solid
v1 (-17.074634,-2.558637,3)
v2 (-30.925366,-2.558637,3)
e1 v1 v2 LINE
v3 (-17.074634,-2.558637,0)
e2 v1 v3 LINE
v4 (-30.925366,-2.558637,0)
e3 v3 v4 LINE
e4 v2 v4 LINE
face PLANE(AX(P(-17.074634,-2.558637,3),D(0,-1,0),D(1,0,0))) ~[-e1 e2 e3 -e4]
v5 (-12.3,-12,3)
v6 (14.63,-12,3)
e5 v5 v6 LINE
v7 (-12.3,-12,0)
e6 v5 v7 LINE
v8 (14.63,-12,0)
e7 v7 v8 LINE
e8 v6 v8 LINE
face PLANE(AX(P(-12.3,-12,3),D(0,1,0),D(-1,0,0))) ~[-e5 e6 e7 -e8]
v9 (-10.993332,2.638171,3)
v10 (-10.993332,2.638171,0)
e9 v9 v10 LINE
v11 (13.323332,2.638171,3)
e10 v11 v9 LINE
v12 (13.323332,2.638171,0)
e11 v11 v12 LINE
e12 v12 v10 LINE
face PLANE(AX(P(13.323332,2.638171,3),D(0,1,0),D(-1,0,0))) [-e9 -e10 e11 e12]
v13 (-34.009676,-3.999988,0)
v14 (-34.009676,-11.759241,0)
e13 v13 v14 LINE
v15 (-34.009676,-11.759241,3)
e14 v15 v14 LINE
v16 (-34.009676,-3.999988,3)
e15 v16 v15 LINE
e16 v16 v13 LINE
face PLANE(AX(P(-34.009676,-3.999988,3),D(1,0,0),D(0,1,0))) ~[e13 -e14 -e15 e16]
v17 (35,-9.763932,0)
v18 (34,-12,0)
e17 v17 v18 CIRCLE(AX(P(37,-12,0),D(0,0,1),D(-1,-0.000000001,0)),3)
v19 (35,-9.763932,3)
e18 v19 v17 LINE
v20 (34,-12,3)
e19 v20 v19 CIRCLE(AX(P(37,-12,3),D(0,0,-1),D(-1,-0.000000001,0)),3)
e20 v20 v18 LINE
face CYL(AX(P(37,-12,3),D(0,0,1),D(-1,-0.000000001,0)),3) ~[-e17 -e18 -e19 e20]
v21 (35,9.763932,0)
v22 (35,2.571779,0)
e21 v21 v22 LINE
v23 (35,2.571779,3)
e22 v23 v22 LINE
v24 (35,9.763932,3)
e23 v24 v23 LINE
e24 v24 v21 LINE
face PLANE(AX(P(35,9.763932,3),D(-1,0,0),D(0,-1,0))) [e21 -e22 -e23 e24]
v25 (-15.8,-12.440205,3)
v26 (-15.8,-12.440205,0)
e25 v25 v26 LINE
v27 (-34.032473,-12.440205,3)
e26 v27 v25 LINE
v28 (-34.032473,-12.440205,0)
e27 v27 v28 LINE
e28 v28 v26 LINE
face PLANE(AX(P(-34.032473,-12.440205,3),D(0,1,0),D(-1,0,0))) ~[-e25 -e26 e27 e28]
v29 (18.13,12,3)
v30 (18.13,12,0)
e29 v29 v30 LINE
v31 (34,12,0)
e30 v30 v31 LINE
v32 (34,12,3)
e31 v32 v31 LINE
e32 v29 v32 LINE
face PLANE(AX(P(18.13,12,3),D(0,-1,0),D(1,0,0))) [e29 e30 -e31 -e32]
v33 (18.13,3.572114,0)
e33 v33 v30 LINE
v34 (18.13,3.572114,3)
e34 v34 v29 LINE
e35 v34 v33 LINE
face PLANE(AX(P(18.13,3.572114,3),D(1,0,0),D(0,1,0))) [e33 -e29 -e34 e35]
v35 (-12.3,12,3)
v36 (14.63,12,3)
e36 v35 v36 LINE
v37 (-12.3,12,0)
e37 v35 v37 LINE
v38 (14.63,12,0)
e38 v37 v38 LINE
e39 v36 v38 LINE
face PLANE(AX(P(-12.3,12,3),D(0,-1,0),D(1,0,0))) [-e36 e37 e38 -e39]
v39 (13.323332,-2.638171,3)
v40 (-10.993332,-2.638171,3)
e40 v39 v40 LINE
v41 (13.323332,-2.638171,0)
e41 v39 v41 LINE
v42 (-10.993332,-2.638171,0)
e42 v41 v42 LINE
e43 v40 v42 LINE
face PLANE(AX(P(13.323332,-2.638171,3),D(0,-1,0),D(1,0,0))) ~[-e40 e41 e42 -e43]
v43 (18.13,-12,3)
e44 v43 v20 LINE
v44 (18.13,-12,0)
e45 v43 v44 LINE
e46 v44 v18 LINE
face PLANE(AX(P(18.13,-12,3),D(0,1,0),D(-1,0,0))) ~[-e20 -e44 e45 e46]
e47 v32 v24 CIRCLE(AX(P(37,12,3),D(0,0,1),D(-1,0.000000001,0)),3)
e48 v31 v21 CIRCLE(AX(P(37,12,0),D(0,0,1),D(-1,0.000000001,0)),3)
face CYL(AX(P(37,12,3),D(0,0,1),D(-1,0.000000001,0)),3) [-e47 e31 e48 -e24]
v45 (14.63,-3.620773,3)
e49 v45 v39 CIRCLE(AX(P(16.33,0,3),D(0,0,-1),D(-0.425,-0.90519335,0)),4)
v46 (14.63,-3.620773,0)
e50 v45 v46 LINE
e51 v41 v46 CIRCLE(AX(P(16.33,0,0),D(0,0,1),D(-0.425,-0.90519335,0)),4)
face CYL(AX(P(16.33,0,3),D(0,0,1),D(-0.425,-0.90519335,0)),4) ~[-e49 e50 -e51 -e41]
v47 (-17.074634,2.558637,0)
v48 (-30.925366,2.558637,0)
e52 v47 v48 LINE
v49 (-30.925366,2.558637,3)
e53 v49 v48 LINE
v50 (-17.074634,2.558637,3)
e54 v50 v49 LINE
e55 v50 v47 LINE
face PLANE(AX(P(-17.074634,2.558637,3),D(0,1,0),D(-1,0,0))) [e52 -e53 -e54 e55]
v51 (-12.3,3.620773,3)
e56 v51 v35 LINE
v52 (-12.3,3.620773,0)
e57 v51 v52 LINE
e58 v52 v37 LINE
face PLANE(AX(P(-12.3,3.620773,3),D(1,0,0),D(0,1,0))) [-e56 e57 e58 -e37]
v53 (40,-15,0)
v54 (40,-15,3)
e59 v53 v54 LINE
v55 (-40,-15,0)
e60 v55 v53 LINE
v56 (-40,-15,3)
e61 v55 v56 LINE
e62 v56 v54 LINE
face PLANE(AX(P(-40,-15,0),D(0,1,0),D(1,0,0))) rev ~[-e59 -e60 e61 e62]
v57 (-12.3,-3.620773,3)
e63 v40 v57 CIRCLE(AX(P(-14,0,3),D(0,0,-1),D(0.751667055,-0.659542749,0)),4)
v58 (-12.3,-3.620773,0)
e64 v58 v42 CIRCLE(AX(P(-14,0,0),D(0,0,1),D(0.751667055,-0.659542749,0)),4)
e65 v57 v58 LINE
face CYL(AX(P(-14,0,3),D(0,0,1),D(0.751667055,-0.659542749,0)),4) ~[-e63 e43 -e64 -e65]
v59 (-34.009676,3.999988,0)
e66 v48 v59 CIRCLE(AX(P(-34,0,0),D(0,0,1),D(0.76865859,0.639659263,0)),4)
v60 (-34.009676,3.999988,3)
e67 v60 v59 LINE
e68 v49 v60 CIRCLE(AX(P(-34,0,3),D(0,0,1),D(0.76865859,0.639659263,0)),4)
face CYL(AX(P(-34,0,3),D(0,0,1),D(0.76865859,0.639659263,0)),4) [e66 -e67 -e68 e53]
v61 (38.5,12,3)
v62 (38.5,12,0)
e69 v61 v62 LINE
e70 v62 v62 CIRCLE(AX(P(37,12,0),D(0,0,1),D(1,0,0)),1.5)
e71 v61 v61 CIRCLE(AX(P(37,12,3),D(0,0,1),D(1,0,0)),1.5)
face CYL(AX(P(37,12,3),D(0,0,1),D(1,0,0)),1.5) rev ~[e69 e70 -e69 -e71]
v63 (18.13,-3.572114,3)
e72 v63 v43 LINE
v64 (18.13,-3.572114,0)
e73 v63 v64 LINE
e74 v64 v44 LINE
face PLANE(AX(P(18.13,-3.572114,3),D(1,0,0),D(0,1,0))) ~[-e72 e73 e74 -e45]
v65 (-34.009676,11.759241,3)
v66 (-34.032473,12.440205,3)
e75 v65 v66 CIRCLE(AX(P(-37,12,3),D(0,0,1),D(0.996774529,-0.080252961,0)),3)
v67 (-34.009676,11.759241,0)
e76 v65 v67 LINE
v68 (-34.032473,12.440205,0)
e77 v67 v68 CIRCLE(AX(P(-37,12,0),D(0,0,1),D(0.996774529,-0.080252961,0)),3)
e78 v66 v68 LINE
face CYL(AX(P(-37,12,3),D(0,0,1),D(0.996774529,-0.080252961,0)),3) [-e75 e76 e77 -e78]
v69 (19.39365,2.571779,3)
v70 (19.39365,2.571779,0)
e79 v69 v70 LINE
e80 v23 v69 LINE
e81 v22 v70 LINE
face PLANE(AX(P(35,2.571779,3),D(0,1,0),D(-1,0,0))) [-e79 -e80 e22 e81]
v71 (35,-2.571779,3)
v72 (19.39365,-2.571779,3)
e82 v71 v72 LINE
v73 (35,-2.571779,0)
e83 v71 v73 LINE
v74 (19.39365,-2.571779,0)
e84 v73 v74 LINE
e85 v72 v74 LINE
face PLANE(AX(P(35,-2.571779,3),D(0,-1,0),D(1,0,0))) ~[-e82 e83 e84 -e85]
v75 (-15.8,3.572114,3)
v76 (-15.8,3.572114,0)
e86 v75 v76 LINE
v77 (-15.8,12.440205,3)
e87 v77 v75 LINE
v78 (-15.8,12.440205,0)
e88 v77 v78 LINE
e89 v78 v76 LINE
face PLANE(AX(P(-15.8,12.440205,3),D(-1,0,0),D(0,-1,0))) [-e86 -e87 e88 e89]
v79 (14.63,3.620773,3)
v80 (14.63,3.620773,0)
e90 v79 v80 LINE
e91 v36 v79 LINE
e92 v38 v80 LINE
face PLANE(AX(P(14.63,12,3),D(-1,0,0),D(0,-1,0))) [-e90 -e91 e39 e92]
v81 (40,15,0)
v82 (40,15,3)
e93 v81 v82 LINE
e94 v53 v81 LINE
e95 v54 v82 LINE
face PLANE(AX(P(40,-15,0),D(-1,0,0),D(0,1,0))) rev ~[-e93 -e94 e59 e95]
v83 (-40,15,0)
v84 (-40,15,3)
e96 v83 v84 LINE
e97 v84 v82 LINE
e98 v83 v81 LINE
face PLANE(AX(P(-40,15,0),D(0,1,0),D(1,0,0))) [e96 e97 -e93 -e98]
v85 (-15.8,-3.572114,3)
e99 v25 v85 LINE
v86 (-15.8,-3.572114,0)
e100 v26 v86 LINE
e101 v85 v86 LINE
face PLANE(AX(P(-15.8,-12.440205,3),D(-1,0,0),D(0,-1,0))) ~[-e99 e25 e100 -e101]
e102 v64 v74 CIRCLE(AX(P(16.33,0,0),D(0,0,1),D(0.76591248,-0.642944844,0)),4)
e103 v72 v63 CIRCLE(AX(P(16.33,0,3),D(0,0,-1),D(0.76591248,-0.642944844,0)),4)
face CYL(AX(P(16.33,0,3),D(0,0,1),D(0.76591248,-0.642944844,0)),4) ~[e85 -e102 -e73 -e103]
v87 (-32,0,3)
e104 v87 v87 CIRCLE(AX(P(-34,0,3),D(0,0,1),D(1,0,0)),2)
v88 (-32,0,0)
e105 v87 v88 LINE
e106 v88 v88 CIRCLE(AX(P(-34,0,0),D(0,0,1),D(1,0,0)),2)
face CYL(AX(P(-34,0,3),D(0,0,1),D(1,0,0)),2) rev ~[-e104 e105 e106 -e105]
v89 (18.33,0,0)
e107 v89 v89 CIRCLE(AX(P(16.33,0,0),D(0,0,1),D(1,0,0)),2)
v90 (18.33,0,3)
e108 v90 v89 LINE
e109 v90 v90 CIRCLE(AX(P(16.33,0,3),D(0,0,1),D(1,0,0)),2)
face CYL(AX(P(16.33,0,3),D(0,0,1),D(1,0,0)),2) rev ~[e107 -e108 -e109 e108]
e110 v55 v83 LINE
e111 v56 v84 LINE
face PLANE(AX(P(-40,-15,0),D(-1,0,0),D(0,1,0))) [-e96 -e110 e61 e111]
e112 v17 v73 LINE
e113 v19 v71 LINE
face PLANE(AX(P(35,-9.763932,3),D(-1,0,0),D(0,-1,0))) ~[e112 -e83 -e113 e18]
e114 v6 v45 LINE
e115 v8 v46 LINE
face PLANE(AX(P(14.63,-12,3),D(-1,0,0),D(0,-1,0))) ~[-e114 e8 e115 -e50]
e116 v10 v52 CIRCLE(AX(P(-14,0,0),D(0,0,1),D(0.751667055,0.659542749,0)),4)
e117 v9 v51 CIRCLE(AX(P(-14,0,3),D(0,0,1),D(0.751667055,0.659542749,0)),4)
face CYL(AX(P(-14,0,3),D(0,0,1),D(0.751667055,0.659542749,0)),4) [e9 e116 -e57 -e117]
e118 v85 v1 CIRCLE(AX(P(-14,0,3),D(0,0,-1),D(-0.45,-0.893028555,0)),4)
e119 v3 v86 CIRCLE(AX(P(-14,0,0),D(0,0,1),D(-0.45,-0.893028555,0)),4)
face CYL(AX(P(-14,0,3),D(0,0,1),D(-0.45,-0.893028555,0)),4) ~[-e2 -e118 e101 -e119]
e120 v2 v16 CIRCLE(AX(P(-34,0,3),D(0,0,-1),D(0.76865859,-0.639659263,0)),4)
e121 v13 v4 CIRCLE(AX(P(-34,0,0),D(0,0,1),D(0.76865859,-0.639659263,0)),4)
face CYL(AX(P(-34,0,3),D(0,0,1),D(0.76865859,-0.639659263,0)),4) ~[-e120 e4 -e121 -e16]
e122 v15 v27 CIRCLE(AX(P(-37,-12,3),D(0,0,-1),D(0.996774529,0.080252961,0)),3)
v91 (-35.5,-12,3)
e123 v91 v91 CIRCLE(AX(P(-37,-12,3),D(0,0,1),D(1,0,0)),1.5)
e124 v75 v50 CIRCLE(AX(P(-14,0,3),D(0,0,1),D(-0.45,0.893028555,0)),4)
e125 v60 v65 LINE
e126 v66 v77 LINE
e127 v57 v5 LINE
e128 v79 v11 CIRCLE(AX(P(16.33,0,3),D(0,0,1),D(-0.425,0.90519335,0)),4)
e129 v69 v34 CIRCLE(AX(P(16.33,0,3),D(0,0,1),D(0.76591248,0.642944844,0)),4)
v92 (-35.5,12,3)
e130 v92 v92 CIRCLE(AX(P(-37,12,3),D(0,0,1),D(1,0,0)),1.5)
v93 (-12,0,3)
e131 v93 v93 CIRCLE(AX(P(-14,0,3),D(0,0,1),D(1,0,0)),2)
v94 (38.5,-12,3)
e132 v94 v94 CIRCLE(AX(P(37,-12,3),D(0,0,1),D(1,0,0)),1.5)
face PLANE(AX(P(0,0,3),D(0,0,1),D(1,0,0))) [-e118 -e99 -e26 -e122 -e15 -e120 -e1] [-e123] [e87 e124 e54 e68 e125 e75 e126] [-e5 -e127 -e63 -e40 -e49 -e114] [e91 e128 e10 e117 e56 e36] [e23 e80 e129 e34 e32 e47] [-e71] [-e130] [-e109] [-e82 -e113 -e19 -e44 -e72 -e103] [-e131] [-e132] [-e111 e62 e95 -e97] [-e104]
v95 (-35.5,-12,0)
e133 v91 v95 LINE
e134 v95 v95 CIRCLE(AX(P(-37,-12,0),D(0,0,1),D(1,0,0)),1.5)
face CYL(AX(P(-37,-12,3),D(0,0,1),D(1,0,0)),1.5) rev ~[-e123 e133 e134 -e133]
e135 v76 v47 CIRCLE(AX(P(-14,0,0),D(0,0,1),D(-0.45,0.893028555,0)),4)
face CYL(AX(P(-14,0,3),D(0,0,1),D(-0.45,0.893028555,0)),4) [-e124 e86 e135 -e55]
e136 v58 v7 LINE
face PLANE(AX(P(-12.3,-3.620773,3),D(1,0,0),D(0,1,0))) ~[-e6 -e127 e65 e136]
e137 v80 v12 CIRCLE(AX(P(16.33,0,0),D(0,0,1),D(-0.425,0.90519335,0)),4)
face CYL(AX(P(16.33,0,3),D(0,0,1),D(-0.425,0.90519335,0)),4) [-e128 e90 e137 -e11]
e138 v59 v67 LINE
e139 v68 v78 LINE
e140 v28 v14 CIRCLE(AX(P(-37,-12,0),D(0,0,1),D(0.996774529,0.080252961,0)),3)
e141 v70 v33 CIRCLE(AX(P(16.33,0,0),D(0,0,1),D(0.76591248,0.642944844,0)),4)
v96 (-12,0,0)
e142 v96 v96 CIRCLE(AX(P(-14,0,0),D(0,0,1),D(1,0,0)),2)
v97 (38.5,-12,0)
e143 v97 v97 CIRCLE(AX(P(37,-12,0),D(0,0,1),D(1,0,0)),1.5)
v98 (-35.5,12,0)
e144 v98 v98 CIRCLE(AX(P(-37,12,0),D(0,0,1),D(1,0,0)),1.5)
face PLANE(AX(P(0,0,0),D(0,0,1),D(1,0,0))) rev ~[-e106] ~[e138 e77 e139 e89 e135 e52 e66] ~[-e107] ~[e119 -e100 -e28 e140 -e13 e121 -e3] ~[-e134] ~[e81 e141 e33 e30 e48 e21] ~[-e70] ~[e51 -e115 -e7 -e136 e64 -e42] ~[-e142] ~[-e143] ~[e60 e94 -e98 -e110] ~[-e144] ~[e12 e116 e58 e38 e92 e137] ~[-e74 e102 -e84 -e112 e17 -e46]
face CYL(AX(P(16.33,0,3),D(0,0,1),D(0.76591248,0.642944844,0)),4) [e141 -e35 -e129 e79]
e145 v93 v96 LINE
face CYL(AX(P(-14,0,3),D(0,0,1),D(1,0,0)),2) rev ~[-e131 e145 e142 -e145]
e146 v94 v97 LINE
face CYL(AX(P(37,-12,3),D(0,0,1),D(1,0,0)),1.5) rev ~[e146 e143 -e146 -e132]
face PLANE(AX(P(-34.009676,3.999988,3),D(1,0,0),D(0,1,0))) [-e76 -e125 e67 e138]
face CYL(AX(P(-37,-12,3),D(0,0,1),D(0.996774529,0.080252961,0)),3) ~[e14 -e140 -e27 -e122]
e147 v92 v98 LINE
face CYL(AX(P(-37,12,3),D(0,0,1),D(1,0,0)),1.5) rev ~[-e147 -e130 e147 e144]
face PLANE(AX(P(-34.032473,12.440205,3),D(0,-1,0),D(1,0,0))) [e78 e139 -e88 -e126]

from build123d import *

# Parameters (mm, degrees)
SKETCH1_W           = 80
SKETCH1_H           = 30
BOSS_EXTRUDE1_DEPTH = 3
SKETCH2_R           = 1.5
SKETCH2_R_2         = 2
CUT_EXTRUDE2_DEPTH  = 4


with BuildPart() as part:
    # Sketch1 → Boss-Extrude1 (new body)
    with BuildSketch(Plane.XY):
        Rectangle(SKETCH1_W, SKETCH1_H)
    extrude(amount=BOSS_EXTRUDE1_DEPTH)

    # Sketch2 → Cut-Extrude2 (cut, through all)
    with BuildSketch(Plane.XY.offset(3)):
        with Locations((37, 12)):
            Circle(SKETCH2_R)
        with Locations((-37, 12)):
            Circle(SKETCH2_R)
        with Locations((37, -12)):
            Circle(SKETCH2_R)
        with Locations((-37, -12)):
            Circle(SKETCH2_R)
        with Locations((-14, 0)):
            Circle(SKETCH2_R_2)
        with Locations((-34, 0)):
            Circle(SKETCH2_R_2)
        with Locations((16.33, 0)):
            Circle(SKETCH2_R_2)
        with BuildLine():
            Line((-34.032472505, 12.440205142), (-15.8, 12.440205142))
            Line((-15.8, 12.440205142), (-15.8, 3.57211422))
            ThreePointArc((-15.8, 3.57211422), (-16.489437492, 3.130926536), (-17.074634359, 2.558637051))
            Line((-17.074634359, 2.558637051), (-30.925365641, 2.558637051))
            ThreePointArc((-30.925365641, 2.558637051), (-32.306522762, 3.623828755), (-34.009676412, 3.999988296))
            Line((-34.009676412, 3.999988296), (-34.009676412, 11.759241116))
            ThreePointArc((-34.009676412, 11.759241116), (-34.001679573, 12.100372396), (-34.032472505, 12.440205142))
        make_face()
        with BuildLine():
            Line((13.32333178, 2.638170998), (-10.99333178, 2.638170998))
            ThreePointArc((-10.99333178, 2.638170998), (-11.595928807, 3.196942555), (-12.3, 3.620773398))
            Line((-12.3, 3.620773398), (-12.3, 12))
            Line((-12.3, 12), (14.63, 12))
            Line((14.63, 12), (14.63, 3.620773398))
            ThreePointArc((14.63, 3.620773398), (13.925928807, 3.196942555), (13.32333178, 2.638170998))
        make_face()
        with BuildLine():
            Line((35, 2.571779372), (19.393649925, 2.571779372))
            ThreePointArc((19.393649925, 2.571779372), (18.812728358, 3.136249336), (18.13, 3.57211422))
            Line((18.13, 3.57211422), (18.13, 12))
            Line((18.13, 12), (34, 12))
            ThreePointArc((34, 12), (34.261387212, 10.775255129), (35, 9.763932023))
            Line((35, 9.763932023), (35, 2.571779372))
        make_face()
    cut_extrude2 = extrude(amount=-CUT_EXTRUDE2_DEPTH, mode=Mode.SUBTRACT)

    # Mirror1: Cut-Extrude2 across plane
    add(cut_extrude2.mirror(Plane.ZX), mode=Mode.SUBTRACT)


solid = part.part
